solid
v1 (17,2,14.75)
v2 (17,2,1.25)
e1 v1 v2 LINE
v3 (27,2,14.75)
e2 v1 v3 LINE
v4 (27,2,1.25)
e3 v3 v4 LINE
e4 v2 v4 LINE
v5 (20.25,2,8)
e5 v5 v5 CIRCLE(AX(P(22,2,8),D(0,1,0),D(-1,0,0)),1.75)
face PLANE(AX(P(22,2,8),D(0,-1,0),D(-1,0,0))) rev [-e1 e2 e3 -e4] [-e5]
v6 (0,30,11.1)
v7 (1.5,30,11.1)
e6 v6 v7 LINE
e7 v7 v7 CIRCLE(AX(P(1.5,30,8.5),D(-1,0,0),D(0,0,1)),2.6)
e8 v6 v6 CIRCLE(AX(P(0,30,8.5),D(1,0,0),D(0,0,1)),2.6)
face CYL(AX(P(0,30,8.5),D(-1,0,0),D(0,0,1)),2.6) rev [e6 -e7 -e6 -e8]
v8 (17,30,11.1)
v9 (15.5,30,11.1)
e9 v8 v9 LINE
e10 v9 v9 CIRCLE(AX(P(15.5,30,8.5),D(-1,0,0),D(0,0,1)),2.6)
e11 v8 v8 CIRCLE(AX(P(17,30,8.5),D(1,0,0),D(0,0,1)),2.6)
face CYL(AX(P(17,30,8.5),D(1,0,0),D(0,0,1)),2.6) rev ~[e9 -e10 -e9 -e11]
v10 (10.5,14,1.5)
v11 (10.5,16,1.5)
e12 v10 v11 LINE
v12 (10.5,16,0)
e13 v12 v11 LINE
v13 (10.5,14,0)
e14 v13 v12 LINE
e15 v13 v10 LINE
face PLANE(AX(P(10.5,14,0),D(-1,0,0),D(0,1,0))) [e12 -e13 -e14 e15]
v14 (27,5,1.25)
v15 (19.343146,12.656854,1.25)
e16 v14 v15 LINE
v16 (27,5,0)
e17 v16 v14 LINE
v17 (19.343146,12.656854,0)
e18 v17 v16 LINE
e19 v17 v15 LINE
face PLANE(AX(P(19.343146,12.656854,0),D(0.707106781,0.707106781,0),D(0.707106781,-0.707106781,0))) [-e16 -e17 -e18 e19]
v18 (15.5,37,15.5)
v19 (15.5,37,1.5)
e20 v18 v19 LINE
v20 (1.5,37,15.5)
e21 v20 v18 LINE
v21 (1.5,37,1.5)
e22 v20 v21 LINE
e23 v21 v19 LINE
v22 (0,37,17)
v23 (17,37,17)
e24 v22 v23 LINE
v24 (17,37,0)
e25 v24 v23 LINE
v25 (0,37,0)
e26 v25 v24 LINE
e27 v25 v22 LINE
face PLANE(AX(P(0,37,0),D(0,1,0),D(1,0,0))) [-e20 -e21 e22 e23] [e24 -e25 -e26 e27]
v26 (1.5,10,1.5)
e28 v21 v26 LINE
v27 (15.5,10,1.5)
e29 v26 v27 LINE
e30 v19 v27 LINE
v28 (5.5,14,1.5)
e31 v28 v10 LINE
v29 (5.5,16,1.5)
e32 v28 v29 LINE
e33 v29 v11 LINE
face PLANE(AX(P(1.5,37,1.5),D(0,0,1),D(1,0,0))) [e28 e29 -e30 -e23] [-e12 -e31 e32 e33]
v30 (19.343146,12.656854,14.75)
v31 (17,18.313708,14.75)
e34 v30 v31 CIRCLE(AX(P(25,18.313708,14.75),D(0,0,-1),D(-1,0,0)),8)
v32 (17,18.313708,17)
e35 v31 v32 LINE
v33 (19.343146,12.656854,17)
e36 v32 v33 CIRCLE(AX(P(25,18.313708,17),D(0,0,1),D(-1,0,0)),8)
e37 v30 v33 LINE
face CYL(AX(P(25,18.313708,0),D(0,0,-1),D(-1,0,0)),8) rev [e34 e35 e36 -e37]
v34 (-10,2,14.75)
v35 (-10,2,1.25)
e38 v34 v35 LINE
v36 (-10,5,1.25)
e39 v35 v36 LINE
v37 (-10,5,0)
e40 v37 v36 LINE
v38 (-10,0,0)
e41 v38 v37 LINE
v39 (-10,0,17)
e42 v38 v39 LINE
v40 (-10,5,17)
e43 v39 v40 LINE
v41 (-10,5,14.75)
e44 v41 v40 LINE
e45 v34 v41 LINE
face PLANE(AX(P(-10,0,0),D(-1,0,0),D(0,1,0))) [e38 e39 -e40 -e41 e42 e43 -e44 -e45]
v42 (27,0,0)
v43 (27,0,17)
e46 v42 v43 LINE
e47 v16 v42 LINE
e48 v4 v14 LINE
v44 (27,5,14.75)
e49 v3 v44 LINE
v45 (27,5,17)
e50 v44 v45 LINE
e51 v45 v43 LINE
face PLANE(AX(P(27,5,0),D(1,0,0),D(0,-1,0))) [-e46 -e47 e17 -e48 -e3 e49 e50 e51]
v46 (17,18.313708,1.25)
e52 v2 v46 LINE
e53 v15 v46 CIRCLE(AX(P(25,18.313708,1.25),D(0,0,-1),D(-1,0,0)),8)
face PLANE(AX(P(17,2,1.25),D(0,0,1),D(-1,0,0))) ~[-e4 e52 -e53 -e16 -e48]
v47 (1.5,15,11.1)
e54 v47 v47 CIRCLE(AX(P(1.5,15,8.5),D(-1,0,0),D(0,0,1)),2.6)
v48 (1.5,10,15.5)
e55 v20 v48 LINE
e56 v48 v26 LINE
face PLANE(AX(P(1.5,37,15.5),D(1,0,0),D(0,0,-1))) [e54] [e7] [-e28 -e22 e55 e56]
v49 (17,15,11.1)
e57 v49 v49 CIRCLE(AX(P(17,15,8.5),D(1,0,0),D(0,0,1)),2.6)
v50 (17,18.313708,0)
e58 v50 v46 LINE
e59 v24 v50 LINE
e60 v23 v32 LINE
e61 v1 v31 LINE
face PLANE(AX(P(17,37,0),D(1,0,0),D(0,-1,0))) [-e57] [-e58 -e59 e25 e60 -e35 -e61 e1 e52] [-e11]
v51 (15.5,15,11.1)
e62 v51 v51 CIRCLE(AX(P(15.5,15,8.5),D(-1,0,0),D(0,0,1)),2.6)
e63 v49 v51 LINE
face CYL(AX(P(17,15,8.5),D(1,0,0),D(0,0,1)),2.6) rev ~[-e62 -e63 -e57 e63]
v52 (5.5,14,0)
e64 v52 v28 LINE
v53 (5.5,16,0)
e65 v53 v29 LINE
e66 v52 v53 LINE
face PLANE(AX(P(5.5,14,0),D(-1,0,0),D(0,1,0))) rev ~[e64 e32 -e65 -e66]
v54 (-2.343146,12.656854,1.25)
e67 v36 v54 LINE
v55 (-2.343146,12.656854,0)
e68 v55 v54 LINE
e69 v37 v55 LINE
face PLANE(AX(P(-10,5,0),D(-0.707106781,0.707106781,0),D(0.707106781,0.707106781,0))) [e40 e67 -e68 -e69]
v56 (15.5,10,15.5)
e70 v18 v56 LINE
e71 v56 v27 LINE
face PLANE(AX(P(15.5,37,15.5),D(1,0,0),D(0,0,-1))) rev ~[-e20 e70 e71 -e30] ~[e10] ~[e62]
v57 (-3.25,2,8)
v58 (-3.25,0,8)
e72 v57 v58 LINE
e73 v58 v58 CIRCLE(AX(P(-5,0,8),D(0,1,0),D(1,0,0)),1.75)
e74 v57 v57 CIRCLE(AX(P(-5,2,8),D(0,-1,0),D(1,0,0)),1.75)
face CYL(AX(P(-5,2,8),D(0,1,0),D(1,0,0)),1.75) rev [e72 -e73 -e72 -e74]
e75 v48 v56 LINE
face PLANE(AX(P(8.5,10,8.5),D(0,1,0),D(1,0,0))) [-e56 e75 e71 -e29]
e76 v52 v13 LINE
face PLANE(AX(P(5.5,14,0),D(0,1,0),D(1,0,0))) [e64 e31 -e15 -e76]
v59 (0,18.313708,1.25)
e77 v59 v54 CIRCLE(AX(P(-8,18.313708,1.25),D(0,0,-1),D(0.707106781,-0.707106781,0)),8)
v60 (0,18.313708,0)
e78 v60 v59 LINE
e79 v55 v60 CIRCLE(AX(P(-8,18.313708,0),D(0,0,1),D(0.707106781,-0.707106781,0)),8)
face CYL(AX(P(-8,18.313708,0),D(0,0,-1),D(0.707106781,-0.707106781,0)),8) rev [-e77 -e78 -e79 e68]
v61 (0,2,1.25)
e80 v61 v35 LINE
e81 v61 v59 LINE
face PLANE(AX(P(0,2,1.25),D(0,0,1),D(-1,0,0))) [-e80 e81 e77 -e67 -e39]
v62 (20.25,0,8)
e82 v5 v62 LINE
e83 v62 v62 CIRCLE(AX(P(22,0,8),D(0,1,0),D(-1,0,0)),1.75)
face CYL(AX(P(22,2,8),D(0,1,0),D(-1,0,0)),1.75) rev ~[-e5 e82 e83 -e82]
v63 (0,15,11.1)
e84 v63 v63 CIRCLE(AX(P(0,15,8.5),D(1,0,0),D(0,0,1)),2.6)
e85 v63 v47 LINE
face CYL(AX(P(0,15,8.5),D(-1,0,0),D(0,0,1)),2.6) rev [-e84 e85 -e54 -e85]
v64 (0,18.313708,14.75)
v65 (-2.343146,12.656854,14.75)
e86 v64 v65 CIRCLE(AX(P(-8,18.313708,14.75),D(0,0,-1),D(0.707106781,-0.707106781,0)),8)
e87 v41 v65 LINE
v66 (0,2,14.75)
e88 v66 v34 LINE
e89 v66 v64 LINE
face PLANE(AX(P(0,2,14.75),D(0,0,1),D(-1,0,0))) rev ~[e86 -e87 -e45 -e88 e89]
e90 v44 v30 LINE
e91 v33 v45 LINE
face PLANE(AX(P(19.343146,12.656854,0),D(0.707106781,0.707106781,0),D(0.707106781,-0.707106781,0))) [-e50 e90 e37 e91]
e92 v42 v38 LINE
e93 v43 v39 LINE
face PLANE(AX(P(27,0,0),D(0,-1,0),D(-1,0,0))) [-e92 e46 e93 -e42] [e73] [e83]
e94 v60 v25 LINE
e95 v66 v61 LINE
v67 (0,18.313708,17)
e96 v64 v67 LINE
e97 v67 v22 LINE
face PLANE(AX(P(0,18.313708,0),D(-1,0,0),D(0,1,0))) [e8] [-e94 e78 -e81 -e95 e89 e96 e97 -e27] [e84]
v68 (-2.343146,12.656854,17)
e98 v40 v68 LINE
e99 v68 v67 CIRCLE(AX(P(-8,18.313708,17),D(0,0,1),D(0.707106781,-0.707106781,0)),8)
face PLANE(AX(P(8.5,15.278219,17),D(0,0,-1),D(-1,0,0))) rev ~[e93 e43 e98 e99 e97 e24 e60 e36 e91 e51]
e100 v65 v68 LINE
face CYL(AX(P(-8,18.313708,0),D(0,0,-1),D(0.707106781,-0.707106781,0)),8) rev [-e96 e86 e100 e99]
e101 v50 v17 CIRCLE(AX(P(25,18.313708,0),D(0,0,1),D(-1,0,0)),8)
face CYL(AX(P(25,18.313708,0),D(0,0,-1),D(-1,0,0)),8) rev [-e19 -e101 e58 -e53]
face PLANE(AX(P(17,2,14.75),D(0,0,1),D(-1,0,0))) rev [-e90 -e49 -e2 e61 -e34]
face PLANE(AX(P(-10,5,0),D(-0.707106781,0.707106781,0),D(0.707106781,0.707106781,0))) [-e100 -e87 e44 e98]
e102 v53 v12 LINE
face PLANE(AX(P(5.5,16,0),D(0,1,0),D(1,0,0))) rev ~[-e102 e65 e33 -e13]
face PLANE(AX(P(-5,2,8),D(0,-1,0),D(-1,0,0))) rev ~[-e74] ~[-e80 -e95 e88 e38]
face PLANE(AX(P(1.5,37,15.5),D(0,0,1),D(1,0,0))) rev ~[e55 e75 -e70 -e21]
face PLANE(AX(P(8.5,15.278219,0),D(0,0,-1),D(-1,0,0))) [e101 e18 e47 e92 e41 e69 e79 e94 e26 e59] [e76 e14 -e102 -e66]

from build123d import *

# Parameters (mm, degrees)
BASE_SHAPE_DEPTH      = 17
SKETCH2_W             = 14
SKETCH2_H             = 14
CENTER_SLOT_DEPTH     = 27
SKETCH4_W             = 10
SKETCH4_H             = 13.5
WING_CUT_OUTS_DEPTH   = 16.5
SKETCH5_R             = 1.75
WING_HOLES_DEPTH      = 48.360320945
WIRE_SLOT_REACH       = 50.857
SKETCH6_W             = 5
SKETCH6_H             = 2
LOAD_CELL_HOLES_REACH = 50.857
SKETCH7_R             = 2.6


with BuildPart() as part:
    # Sketch1 → Base Shape (new body)
    with BuildSketch(Plane.XY):
        with BuildLine():
            Line((0, 18.313708499), (0, 37))
            Line((0, 37), (17, 37))
            Line((17, 37), (17, 18.313708499))
            ThreePointArc((17, 18.313708499), (17.60896374, 15.25224104), (19.343145751, 12.656854249))
            Line((19.343145751, 12.656854249), (27, 5))
            Line((27, 5), (27, 0))
            Line((27, 0), (17, 0))
            Line((17, 0), (0, 0))
            Line((0, 0), (-10, 0))
            Line((-10, 0), (-10, 5))
            Line((-10, 5), (-2.343145751, 12.656854249))
            ThreePointArc((-2.343145751, 12.656854249), (-0.60896374, 15.25224104), (0, 18.313708499))
        make_face()
    extrude(amount=BASE_SHAPE_DEPTH)

    # Sketch2 → Center Slot (cut)
    with BuildSketch(Plane(origin=(0, 37, 0), x_dir=(1, 0, 0), z_dir=(0, 1, 0))):
        with Locations((8.5, -8.5)):
            Rectangle(SKETCH2_W, SKETCH2_H)
    extrude(amount=-CENTER_SLOT_DEPTH, mode=Mode.SUBTRACT)

    # Sketch4 → Wing Cut Outs (cut)
    with BuildSketch(Plane(origin=(0, 2, 0), x_dir=(-1, 0, 0), z_dir=(0, -1, 0))):
        with Locations((5, -8)):
            Rectangle(SKETCH4_W, SKETCH4_H)
    wing_cut_outs = extrude(amount=-WING_CUT_OUTS_DEPTH, mode=Mode.SUBTRACT)

    # Mirror1: Wing Cut Outs across plane
    add(wing_cut_outs.mirror(Plane(origin=(8.5, 0, 0), x_dir=(0, 0, 1), z_dir=(1, 0, 0))), mode=Mode.SUBTRACT)

    # Sketch5 → Wing Holes (cut, through all)
    with BuildSketch(Plane(origin=(0, 2, 0), x_dir=(-1, 0, 0), z_dir=(0, -1, 0))):
        with Locations(Location((5, -8, 0), (0, 0, 180))):
            Circle(SKETCH5_R)
    wing_holes = extrude(amount=WING_HOLES_DEPTH, mode=Mode.SUBTRACT)

    # Mirror2: Wing Holes across plane
    add(wing_holes.mirror(Plane(origin=(8.5, 0, 0), x_dir=(0, 0, 1), z_dir=(1, 0, 0))), mode=Mode.SUBTRACT)

    # Sketch6 → Wire Slot (cut, up to next)
    with BuildSketch(Plane.XY, mode=Mode.PRIVATE) as wire_slot_sk1:
        with Locations((8, 15)):
            Rectangle(SKETCH6_W, SKETCH6_H)
    wire_slot_tool1 = extrude(wire_slot_sk1.sketch, amount=WIRE_SLOT_REACH, mode=Mode.PRIVATE) & part.part
    add(wire_slot_tool1.solids().sort_by_distance((8, 15, 0))[0], mode=Mode.SUBTRACT)

    # Sketch7 → Load Cell Holes (cut, up to next)
    with BuildSketch(Plane(origin=(0, 0, 0), x_dir=(0, 0, -1), z_dir=(1, 0, 0)), mode=Mode.PRIVATE) as load_cell_holes_sk1:
        with Locations(Location((-8.5, 15, 0), (0, 0, 180))):
            Circle(SKETCH7_R)
    load_cell_holes_tool1 = extrude(load_cell_holes_sk1.sketch, amount=LOAD_CELL_HOLES_REACH, mode=Mode.PRIVATE) & part.part
    # Sketch7 → Load Cell Holes (cut, up to next)
    with BuildSketch(Plane(origin=(0, 0, 0), x_dir=(0, 0, -1), z_dir=(1, 0, 0)), mode=Mode.PRIVATE) as load_cell_holes_sk2:
        with Locations(Location((-8.5, 30, 0), (0, 0, 180))):
            Circle(SKETCH7_R)
    load_cell_holes_tool2 = extrude(load_cell_holes_sk2.sketch, amount=LOAD_CELL_HOLES_REACH, mode=Mode.PRIVATE) & part.part
    load_cell_holes_1 = load_cell_holes_tool1.solids().sort_by_distance((0, 15, 8.5))[0]
    add(load_cell_holes_1, mode=Mode.SUBTRACT)
    load_cell_holes_2 = load_cell_holes_tool2.solids().sort_by_distance((0, 30, 8.5))[0]
    add(load_cell_holes_2, mode=Mode.SUBTRACT)
    load_cell_holes = load_cell_holes_1 + load_cell_holes_2  # Load Cell Holes as one shape, for the pattern or mirror that repeats it

    # Mirror3: Load Cell Holes across plane
    add(load_cell_holes.mirror(Plane(origin=(8.5, 0, 0), x_dir=(0, 0, 1), z_dir=(1, 0, 0))), mode=Mode.SUBTRACT)


solid = part.part
